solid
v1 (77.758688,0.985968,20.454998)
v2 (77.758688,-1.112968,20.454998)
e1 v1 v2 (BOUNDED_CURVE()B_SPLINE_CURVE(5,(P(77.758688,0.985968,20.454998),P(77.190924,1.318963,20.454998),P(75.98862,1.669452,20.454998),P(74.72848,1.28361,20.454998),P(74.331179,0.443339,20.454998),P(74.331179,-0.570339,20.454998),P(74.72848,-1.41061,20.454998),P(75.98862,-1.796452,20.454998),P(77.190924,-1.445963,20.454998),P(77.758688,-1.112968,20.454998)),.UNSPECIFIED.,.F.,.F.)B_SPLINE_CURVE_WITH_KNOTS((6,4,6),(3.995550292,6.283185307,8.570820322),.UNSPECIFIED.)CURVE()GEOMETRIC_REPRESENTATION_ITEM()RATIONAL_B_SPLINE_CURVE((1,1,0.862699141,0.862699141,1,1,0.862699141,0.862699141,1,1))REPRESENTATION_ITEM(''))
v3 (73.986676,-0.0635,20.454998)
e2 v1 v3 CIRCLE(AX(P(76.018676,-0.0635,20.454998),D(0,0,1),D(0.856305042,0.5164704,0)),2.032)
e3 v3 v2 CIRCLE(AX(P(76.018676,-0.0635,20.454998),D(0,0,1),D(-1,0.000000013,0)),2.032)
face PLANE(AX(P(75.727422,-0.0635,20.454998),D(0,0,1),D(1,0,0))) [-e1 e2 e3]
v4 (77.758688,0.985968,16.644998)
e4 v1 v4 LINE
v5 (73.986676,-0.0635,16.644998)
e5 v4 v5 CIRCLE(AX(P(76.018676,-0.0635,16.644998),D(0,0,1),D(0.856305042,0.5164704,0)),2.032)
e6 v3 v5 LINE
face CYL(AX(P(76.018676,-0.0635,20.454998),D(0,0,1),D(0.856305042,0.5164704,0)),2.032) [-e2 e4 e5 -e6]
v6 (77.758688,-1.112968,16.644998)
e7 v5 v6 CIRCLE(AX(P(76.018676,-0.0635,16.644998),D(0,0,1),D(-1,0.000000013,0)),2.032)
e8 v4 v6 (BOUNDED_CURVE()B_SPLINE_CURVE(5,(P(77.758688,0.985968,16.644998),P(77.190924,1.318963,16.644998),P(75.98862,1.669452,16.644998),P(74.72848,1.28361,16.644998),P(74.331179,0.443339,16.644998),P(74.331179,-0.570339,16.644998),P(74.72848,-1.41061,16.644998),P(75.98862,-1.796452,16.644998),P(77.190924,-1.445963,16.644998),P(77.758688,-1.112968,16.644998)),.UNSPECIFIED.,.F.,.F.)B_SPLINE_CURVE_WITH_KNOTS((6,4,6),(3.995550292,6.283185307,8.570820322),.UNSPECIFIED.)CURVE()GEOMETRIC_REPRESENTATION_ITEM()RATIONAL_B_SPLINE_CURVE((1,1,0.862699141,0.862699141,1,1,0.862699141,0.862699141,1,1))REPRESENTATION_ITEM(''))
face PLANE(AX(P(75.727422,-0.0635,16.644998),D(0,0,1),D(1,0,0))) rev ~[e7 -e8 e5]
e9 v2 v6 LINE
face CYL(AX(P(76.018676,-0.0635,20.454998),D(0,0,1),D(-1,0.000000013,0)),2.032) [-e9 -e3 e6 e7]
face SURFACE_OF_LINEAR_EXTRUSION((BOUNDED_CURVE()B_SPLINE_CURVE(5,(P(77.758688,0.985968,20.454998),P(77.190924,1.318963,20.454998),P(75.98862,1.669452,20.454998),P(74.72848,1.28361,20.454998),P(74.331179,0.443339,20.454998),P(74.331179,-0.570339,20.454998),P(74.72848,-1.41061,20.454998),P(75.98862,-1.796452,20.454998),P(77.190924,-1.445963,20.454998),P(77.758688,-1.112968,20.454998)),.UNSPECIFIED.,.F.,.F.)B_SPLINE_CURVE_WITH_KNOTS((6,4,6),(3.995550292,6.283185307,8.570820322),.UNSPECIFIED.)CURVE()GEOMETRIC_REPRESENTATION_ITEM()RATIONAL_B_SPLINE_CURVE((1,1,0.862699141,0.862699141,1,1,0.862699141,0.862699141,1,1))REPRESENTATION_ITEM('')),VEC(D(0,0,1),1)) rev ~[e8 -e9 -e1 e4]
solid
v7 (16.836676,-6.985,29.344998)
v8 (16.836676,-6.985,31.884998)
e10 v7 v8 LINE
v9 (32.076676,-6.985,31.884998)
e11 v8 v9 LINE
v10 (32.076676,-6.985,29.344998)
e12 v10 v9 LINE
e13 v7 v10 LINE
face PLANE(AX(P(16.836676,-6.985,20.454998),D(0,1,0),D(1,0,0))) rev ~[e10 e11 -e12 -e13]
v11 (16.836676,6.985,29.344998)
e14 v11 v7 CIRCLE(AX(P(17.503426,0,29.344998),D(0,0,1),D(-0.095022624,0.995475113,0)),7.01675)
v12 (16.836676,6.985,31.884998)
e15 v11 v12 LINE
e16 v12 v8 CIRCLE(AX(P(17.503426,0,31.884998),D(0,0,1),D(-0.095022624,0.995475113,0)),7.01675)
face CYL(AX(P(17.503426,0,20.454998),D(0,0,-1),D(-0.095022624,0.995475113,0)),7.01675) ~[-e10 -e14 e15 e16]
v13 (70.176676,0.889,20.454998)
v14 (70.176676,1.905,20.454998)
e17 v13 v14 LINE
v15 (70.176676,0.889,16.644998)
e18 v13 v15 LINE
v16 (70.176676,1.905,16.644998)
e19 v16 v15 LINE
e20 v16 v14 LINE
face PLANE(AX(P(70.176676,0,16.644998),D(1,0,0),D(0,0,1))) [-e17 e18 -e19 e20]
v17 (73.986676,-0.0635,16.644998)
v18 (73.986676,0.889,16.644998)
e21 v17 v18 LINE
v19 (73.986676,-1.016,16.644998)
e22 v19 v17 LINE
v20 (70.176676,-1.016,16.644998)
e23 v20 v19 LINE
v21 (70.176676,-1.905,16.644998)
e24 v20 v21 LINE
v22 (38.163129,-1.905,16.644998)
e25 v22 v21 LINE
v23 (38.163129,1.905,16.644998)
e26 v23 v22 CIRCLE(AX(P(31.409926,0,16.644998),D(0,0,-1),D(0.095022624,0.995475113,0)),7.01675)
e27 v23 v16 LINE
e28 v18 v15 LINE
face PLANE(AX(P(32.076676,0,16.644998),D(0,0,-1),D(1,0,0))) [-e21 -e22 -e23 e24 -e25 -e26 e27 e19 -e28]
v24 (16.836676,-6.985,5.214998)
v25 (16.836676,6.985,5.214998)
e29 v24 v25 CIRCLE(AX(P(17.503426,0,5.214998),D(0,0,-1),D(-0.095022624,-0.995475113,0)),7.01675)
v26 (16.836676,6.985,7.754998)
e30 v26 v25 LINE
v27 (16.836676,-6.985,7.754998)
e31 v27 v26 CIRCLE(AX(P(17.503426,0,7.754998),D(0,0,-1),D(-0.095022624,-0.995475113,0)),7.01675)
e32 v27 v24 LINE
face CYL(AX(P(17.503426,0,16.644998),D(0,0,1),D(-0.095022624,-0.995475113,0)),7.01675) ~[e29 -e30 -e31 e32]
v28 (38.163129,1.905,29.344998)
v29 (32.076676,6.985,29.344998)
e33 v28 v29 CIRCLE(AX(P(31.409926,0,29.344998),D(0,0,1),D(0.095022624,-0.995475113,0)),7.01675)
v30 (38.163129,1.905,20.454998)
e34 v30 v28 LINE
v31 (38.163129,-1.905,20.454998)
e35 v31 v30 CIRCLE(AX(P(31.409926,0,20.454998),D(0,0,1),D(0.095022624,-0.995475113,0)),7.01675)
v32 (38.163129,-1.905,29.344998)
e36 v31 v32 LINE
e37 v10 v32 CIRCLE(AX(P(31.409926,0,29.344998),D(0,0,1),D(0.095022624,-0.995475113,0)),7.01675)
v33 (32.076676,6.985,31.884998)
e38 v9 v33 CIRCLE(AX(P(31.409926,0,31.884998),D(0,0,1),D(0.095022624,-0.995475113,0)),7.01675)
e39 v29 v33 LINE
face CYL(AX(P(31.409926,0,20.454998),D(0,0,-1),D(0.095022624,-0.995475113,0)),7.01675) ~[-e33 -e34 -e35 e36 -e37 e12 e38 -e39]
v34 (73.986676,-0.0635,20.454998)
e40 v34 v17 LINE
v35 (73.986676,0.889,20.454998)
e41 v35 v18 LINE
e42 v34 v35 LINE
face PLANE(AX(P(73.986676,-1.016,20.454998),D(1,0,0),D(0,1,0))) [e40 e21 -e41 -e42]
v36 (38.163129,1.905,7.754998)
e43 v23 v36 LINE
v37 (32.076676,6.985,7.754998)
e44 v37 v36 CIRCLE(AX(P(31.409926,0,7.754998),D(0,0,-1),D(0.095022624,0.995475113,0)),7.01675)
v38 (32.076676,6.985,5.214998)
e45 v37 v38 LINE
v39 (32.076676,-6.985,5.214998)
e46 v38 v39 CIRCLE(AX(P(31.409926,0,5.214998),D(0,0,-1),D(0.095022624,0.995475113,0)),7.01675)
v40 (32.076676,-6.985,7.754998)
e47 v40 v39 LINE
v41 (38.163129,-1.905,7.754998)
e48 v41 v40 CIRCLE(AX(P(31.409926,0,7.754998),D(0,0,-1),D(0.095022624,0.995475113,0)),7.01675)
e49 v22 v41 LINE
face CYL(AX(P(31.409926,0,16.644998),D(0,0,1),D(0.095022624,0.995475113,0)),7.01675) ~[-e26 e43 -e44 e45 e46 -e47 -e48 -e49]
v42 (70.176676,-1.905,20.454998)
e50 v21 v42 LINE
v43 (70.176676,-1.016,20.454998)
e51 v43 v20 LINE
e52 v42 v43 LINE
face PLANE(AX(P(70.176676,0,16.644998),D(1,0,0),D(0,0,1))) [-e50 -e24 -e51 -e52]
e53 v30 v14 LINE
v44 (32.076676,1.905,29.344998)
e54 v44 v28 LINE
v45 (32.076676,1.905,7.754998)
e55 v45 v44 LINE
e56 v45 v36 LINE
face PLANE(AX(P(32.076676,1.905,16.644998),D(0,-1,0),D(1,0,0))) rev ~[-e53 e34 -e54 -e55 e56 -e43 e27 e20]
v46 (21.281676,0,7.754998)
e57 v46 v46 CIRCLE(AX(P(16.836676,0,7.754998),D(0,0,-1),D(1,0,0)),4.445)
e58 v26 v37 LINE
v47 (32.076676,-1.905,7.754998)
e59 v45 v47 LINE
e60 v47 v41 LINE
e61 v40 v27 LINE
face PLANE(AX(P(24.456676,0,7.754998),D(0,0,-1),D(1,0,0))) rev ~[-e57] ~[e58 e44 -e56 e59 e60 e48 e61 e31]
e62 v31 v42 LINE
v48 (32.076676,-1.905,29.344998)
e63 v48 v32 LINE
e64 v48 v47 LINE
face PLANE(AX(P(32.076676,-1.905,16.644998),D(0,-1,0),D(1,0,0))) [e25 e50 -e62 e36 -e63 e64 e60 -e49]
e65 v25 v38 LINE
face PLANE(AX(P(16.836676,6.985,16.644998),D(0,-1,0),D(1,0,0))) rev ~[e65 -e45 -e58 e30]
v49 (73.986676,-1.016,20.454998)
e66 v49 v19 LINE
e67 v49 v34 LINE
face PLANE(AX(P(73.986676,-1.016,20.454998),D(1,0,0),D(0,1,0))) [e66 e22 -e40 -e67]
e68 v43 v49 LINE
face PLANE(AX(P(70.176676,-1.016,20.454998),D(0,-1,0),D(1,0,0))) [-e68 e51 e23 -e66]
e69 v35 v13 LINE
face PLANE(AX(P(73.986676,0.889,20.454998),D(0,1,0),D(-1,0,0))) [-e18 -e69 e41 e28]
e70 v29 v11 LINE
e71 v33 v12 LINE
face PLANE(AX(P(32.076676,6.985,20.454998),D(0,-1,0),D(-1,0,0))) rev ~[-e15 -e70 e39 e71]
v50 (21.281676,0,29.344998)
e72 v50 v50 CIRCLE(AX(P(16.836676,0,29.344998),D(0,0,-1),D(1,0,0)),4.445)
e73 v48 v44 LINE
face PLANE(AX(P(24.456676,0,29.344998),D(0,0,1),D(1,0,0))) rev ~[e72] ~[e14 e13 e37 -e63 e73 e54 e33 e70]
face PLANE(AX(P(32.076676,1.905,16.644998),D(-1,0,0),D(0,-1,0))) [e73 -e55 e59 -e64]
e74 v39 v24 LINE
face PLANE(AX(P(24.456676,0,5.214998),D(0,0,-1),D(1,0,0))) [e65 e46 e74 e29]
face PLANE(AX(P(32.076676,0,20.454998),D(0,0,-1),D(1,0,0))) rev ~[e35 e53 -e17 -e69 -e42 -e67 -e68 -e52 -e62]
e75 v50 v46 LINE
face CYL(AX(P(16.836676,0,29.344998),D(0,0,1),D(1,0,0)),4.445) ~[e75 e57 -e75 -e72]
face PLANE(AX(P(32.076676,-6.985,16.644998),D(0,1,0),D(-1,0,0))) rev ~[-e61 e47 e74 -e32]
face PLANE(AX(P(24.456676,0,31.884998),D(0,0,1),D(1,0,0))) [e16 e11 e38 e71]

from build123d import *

# Parameters (mm, degrees)
F0_W      = 38.1
F0_H      = 3.81
F1_DEPTH  = 1.905
F3_DEPTH  = 11.43
F5_DEPTH  = 11.43
F6_DEPTH  = 8.89
F7_DEPTH  = 8.89
F8_R      = 4.445
F9_DEPTH  = 21.59
F11_DEPTH = 3.81


with BuildPart() as f1:
    # F0 (on Front) → F1 (new body, symmetric)
    with BuildSketch(Plane.XZ):
        with Locations((51.1266756803, 18.5499984162)):
            Rectangle(F0_W, F0_H)
    extrude(amount=F1_DEPTH, both=True)

    # F2 (on face) → F3 (join)
    with BuildSketch(Plane.XY.offset(20.4549984162)):
        with BuildLine():
            Line((16.8366756803, -6.985), (32.0766756803, -6.985))
            ThreePointArc((32.0766756803, -6.985), (38.4266756803, 0), (32.0766756803, 6.985))
            Line((32.0766756803, 6.985), (16.8366756803, 6.985))
            ThreePointArc((16.8366756803, 6.985), (10.4866756803, 0), (16.8366756803, -6.985))
        make_face()
    extrude(amount=F3_DEPTH)

    # F4 (on face) → F5 (join)
    with BuildSketch(Plane(origin=(0, 0, 16.6449984162), x_dir=(1, 0, 0), z_dir=(0, 0, -1))):
        with BuildLine():
            ThreePointArc((32.0766756803, -6.985), (38.4266756803, 0), (32.0766756803, 6.985))
            Line((32.0766756803, 6.985), (16.8366756803, 6.985))
            ThreePointArc((16.8366756803, 6.985), (10.4866756803, 0), (16.8366756803, -6.985))
            Line((16.8366756803, -6.985), (32.0766756803, -6.985))
        make_face()
    extrude(amount=F5_DEPTH)

    # F6 (cut): a face of the model
    f6_faces = [f1.faces().sort_by_distance(p)[0] for p in [
        (23.6673527755, 0, 20.4549984162),
    ]]
    extrude(f6_faces, amount=-F6_DEPTH, mode=Mode.SUBTRACT)

    # F7 (cut): a face of the model
    f7_faces = [f1.faces().sort_by_distance(p)[0] for p in [
        (23.6673527755, 0, 16.6449984162),
    ]]
    extrude(f7_faces, amount=-F7_DEPTH, mode=Mode.SUBTRACT)

    # F8 (on face) → F9 (join, through all)
    with BuildSketch(Plane(origin=(0, 0, 29.3449984162), x_dir=(1, 0, 0), z_dir=(0, 0, -1))):
        with Locations((16.8366756803, 0)):
            Circle(F8_R)
    extrude(amount=F9_DEPTH)

    # F10 (on face) → F11 (join)
    with BuildSketch(Plane.XY.offset(20.4549984162)):
        Polygon((70.1766756803, 0.889), (70.1766756803, -1.016), (73.9866756803, -1.016), (73.9866756803, -0.0634999731), (73.9866756803, 0.889), align=None)
    extrude(amount=-F11_DEPTH)

    # F10 (on face) → F11, piece 2 (join)
    with BuildSketch(Plane.XY.offset(20.4549984162)):
        with BuildLine():
            ThreePointArc((77.7586875264, 0.9859678533), (75.4740106913, 1.8941424724), (73.9866756803, -0.0634999731))
            ThreePointArc((73.9866756803, -0.0634999731), (75.4740106654, -2.0211424652), (77.7586875264, -1.1129678533))
            add(Edge.make_bspline(
                [(74.3311792612, -0.0635), (74.3311792612, -3.1232148683), (77.7586875264, -1.1129678533)],
                knots=[0, 0, 0, 2.2876350152, 2.2876350152, 2.2876350152], degree=2, weights=[1, 0.4141227542, 1]))
            add(Edge.make_bspline(
                [(77.7586875264, 0.9859678533), (74.3311792612, 2.9962148683), (74.3311792612, -0.0635)],
                knots=[3.995550292, 3.995550292, 3.995550292, 6.2831853072, 6.2831853072, 6.2831853072], degree=2, weights=[1, 0.4141227542, 1]))
        make_face()
    extrude(amount=-F11_DEPTH)


solid = f1.part
